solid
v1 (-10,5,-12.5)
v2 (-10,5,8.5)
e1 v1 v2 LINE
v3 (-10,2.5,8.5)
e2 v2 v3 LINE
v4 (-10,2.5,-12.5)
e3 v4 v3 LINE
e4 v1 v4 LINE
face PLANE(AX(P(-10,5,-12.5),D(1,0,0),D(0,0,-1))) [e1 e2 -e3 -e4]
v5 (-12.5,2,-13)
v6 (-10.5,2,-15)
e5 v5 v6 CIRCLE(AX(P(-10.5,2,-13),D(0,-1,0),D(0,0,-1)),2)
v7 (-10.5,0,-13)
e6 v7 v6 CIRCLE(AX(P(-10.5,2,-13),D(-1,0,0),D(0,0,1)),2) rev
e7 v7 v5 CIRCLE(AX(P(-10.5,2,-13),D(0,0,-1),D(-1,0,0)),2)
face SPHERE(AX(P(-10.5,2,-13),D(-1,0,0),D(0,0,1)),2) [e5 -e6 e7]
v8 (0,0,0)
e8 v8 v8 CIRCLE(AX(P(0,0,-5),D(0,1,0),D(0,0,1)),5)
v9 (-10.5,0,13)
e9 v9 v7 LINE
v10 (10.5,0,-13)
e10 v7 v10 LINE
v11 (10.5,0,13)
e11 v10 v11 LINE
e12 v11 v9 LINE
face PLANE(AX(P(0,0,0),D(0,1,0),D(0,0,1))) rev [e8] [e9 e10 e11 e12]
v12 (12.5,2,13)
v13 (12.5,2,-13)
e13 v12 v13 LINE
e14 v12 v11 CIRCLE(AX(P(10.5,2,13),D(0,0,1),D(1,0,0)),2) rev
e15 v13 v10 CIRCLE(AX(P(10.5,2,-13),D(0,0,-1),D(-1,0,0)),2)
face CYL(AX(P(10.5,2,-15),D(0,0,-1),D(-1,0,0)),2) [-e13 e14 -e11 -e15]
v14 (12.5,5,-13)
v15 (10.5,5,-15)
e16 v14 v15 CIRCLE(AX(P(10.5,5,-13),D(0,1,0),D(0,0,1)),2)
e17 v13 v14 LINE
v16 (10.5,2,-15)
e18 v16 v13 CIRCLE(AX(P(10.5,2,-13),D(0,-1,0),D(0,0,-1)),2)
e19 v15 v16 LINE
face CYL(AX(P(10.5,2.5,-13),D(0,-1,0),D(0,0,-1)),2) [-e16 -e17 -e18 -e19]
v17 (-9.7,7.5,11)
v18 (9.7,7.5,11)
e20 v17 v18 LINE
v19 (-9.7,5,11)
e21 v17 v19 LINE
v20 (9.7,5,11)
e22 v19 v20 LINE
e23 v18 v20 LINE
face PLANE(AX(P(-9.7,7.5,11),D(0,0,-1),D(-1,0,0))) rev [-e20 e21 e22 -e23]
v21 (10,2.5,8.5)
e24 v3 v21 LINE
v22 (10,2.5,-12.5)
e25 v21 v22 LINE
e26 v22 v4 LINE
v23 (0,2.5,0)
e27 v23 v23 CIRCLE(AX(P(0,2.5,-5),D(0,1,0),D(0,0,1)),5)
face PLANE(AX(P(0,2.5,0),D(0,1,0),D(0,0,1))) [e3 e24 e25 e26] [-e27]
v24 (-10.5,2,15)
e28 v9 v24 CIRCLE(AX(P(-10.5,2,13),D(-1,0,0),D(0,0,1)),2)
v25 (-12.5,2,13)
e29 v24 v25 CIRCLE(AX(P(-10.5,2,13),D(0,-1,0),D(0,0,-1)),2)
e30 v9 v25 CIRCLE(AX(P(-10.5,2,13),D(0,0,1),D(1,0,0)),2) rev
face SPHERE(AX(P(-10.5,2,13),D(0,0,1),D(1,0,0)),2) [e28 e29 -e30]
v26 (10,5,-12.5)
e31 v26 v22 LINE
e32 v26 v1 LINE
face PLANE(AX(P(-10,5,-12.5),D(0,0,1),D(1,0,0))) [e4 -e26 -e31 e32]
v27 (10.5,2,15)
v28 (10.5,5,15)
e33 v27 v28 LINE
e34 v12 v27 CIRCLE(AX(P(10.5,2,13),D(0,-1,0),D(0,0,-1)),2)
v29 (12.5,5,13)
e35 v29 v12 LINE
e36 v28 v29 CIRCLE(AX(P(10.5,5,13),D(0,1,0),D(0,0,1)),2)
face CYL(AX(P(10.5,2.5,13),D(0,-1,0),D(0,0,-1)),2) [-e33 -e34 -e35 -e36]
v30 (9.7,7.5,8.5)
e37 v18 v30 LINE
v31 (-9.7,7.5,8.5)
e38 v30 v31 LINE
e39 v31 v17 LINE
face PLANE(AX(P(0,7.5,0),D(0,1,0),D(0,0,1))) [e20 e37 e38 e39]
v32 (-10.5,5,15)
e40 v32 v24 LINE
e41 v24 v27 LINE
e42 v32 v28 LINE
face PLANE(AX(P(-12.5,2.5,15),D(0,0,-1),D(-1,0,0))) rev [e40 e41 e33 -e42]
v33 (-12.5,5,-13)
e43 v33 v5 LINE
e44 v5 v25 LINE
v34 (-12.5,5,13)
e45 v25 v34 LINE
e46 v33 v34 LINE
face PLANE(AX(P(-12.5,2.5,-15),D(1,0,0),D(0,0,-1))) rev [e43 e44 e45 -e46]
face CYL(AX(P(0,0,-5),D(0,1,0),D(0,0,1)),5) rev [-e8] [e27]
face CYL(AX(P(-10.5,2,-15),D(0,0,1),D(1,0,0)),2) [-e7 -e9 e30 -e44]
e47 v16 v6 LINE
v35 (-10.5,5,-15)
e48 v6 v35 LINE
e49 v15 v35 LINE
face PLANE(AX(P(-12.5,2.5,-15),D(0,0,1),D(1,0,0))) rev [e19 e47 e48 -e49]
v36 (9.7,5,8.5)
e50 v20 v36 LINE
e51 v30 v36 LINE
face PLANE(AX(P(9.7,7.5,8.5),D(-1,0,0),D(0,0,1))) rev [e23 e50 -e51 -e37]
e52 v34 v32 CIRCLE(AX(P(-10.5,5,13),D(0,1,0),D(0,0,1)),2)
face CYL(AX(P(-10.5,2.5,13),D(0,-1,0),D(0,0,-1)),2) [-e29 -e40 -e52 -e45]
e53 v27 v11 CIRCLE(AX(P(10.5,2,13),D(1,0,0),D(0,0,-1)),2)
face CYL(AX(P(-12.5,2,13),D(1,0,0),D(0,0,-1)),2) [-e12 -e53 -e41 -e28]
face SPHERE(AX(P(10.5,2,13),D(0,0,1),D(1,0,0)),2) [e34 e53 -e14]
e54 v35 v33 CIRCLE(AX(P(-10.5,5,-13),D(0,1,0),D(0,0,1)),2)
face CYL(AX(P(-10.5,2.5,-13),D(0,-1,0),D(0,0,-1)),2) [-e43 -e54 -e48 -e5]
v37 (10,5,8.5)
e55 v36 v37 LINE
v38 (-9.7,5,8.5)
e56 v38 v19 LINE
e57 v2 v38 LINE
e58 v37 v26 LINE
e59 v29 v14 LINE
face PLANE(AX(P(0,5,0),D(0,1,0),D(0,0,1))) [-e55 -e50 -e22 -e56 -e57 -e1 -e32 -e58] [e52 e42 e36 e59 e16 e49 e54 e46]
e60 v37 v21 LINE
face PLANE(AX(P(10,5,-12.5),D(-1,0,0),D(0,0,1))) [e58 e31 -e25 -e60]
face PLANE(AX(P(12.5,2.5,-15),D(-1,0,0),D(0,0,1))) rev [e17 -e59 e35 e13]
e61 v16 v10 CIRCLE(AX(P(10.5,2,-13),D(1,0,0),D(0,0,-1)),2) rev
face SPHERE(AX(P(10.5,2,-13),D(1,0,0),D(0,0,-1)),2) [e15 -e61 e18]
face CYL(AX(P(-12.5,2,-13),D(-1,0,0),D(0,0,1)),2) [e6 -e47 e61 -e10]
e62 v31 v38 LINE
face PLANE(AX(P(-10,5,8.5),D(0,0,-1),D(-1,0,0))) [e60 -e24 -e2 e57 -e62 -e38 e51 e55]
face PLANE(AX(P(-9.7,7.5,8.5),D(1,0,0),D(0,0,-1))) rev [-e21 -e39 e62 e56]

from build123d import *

# Parameters (mm, degrees)
SKETCH1_W           = 25
SKETCH1_H           = 30
BOSS_EXTRUDE1_DEPTH = 2.5
SKETCH3_W           = 25
SKETCH3_H           = 30
SKETCH3_W_2         = 20
SKETCH3_H_2         = 21
BOSS_EXTRUDE2_DEPTH = 2.5
SKETCH5_R           = 5
CUT_EXTRUDE1_DEPTH  = 2.5
FILLET2_R           = 2
SKETCH6_W           = 19.4
SKETCH6_H           = 2.5
BOSS_EXTRUDE4_DEPTH = 2.5


with BuildPart() as part:
    # Sketch1 → Boss-Extrude1 (new body)
    with BuildSketch(Plane(origin=(0, 0, 0), x_dir=(1, 0, 0), z_dir=(0, 1, 0))):
        Rectangle(SKETCH1_W, SKETCH1_H)
    extrude(amount=BOSS_EXTRUDE1_DEPTH)

    # Sketch3 → Boss-Extrude2 (add)
    with BuildSketch(Plane(origin=(0, 2.5, 0), x_dir=(1, 0, 0), z_dir=(0, 1, 0))):
        Rectangle(SKETCH3_W, SKETCH3_H)
        with Locations((0, 2)):
            Rectangle(SKETCH3_W_2, SKETCH3_H_2, mode=Mode.SUBTRACT)
    extrude(amount=BOSS_EXTRUDE2_DEPTH)

    # Sketch5 → Cut-Extrude1 (cut)
    with BuildSketch(Plane(origin=(0, 2.5, 0), x_dir=(1, 0, 0), z_dir=(0, 1, 0))):
        with Locations(Location((0, 5, 0), (0, 0, 270))):  # turned: the seam where the file's is
            Circle(SKETCH5_R)
    extrude(amount=-CUT_EXTRUDE1_DEPTH, mode=Mode.SUBTRACT)

    # Fillet2
    fillet2_edges = [part.edges().sort_by_distance(p)[0] for p in [
        (0, 0, 15),
        (-12.5, 0, 0),
        (0, 0, -15),
        (12.5, 0, 0),
        (12.5, 2.5, 15),
        (-12.5, 2.5, 15),
        (-12.5, 2.5, -15),
        (12.5, 2.5, -15),
    ]]
    fillet(fillet2_edges, radius=FILLET2_R)

    # Sketch6 → Boss-Extrude4 (add)
    with BuildSketch(Plane(origin=(0, 5, 0), x_dir=(1, 0, 0), z_dir=(0, 1, 0))):
        with Locations((0, -9.75)):
            Rectangle(SKETCH6_W, SKETCH6_H)
    extrude(amount=BOSS_EXTRUDE4_DEPTH)


solid = part.part
